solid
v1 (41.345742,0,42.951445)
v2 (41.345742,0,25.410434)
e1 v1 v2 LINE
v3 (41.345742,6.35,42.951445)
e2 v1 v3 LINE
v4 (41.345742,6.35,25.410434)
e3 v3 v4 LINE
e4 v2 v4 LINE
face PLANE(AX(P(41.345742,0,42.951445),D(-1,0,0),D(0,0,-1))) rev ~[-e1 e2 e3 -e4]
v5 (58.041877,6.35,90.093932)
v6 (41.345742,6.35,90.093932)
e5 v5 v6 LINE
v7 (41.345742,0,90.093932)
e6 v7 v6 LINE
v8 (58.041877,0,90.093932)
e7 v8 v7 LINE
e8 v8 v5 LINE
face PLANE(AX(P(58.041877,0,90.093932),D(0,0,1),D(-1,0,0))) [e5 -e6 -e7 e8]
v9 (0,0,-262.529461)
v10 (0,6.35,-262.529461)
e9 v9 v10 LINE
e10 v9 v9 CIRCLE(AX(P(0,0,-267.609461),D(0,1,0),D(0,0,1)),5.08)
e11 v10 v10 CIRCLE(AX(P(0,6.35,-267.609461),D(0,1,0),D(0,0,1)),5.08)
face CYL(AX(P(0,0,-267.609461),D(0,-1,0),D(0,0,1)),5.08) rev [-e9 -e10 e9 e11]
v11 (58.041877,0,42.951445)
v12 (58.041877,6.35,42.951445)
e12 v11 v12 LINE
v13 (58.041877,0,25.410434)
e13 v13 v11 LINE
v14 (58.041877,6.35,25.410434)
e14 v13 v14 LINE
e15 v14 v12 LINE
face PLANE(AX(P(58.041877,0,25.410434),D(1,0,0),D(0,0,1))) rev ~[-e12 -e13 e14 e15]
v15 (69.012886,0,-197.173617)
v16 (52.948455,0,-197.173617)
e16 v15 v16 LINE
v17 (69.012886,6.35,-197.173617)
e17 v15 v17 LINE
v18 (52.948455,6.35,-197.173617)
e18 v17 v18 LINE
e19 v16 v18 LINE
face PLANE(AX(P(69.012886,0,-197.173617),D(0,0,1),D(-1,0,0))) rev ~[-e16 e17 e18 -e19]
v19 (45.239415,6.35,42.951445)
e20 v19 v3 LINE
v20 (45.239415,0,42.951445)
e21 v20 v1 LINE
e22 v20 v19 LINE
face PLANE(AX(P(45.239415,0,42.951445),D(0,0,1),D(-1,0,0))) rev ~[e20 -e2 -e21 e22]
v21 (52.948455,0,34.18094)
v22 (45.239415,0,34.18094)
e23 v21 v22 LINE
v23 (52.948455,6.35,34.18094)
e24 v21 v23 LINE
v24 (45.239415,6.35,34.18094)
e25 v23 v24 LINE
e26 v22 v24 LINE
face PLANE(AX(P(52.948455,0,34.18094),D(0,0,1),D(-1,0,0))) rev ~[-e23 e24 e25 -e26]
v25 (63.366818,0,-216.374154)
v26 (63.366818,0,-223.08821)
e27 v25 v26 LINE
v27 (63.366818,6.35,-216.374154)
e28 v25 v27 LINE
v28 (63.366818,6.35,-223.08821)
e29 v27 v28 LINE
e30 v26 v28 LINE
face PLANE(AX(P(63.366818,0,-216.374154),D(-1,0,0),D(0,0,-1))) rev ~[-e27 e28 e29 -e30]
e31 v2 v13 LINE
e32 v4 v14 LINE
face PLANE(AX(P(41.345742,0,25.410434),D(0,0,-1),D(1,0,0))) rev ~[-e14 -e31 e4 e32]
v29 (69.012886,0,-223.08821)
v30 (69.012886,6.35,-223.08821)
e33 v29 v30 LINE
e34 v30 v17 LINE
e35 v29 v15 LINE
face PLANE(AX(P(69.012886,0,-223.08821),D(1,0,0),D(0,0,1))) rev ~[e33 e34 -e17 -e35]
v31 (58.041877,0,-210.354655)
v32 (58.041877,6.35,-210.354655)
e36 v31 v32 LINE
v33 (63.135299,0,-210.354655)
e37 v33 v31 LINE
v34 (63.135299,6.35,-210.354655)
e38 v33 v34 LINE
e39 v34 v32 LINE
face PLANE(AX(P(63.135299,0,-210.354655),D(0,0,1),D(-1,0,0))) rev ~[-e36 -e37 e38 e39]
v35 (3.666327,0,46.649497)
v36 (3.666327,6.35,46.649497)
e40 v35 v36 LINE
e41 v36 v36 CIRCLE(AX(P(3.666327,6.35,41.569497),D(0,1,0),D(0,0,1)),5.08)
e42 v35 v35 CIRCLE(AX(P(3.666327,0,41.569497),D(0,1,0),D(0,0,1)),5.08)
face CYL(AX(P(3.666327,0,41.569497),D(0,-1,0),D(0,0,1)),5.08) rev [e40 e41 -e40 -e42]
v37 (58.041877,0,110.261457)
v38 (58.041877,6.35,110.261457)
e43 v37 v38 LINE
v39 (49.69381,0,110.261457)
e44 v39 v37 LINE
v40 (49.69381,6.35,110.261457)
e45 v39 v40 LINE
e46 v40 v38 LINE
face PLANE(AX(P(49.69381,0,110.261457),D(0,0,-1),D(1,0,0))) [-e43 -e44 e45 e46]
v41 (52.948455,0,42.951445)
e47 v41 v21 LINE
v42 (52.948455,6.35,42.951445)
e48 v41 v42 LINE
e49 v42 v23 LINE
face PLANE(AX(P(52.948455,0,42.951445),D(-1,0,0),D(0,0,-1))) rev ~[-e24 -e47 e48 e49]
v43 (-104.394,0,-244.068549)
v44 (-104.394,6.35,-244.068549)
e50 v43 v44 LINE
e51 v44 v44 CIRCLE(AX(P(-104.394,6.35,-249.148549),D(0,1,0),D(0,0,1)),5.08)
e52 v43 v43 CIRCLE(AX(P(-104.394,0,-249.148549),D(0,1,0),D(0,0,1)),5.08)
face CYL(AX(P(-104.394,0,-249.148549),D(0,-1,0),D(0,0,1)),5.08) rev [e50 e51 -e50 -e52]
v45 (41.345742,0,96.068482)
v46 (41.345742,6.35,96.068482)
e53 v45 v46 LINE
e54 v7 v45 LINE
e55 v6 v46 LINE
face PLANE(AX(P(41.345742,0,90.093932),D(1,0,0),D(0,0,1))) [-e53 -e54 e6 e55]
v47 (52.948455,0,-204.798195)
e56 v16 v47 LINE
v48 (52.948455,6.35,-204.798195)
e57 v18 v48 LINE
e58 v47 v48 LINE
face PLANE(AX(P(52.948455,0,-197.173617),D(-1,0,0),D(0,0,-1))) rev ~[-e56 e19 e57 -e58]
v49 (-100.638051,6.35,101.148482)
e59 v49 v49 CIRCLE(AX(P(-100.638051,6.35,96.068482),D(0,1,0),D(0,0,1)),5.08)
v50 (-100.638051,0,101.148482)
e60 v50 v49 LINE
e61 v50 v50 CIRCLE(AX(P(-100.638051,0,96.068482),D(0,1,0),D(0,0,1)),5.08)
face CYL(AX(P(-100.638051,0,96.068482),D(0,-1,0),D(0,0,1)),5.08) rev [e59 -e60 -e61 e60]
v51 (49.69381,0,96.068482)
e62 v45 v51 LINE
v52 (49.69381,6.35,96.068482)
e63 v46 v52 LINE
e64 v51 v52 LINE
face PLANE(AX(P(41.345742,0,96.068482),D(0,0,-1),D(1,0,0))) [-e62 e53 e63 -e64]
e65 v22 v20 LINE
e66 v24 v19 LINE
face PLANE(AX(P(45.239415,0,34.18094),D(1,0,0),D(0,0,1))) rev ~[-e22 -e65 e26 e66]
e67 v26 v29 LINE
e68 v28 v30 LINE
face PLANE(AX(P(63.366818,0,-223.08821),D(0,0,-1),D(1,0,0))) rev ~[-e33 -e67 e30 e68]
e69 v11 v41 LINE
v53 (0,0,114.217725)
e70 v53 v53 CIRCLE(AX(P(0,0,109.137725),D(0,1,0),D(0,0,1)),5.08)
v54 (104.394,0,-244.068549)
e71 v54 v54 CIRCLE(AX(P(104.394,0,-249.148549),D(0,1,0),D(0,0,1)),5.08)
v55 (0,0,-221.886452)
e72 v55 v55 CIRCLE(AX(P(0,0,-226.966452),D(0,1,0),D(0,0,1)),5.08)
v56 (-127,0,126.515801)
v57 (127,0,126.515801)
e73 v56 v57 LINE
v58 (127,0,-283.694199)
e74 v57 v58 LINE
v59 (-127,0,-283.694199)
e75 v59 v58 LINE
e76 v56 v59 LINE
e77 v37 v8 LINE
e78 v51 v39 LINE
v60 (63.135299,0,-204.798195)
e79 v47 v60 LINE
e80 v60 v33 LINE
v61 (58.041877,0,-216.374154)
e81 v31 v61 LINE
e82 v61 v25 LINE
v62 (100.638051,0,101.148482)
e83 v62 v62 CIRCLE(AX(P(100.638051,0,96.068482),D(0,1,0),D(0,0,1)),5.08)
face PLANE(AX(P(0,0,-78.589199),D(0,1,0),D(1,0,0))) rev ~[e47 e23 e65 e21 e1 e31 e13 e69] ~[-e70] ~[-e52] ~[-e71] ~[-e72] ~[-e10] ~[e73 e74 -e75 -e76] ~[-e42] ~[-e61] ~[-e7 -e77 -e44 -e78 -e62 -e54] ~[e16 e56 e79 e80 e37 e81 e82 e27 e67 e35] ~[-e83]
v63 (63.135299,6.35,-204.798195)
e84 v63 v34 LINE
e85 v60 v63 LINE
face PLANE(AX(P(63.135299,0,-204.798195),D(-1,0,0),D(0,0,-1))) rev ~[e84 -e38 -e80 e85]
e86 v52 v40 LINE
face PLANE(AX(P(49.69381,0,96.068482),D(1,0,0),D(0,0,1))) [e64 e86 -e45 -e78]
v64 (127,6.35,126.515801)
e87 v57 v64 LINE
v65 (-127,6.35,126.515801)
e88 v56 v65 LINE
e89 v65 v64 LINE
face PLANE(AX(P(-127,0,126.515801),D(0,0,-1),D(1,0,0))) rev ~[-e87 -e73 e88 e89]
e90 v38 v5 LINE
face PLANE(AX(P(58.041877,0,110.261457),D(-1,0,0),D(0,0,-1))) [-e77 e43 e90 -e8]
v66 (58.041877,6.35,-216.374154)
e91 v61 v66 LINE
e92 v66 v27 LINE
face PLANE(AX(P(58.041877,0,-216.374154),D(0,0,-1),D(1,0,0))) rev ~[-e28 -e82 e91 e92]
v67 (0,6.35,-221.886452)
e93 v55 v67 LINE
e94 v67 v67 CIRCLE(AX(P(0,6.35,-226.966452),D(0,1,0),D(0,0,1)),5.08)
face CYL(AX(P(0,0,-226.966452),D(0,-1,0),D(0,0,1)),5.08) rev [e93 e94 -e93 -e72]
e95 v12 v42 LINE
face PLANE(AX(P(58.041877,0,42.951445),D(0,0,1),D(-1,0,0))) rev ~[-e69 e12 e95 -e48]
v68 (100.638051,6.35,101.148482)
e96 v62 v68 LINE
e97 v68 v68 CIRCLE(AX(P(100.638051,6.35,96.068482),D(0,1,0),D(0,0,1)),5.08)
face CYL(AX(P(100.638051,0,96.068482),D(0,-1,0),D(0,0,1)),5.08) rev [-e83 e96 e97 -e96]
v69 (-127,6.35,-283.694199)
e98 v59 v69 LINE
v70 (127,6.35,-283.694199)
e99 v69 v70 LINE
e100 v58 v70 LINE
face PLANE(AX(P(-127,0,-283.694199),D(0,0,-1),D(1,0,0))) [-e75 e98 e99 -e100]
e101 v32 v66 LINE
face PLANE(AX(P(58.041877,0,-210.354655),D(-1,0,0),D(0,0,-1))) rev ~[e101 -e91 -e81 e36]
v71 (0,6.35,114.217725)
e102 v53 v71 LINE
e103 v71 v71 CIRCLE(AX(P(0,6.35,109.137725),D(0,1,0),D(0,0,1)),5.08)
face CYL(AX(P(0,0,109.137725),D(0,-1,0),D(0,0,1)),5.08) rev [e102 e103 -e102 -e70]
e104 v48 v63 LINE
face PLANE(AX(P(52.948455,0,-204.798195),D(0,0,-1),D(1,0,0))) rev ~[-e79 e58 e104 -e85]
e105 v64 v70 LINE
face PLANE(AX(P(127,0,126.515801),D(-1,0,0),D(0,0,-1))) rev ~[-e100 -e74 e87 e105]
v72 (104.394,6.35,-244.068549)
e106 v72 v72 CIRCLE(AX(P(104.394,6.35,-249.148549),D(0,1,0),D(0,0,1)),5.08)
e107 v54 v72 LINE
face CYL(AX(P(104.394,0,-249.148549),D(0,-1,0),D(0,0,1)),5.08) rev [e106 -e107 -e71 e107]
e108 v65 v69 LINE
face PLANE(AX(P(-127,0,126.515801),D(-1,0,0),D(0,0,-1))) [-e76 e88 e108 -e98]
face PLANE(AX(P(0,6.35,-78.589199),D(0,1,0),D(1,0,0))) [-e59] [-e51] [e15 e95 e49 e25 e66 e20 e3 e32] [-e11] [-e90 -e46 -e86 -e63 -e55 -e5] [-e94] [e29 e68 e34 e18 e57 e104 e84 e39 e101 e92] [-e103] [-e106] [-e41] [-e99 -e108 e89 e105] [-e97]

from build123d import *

# Parameters (mm, degrees)
SKETCH1_W           = 254
SKETCH1_H           = 410.21
SKETCH1_R           = 5.08
BOSS_EXTRUDE1_DEPTH = 6.35


with BuildPart() as part:
    # Sketch1 → Boss-Extrude1 (new body)
    with BuildSketch(Plane(origin=(0, 0, 0), x_dir=(1, 0, 0), z_dir=(0, 1, 0))):
        with Locations((0, 78.589199082)):
            Rectangle(SKETCH1_W, SKETCH1_H)
        with Locations(Location((-100.6380512, -96.068481922, 0), (0, 0, 270))):
            Circle(SKETCH1_R, mode=Mode.SUBTRACT)
        with Locations(Location((100.6380512, -96.068481922, 0), (0, 0, 270))):
            Circle(SKETCH1_R, mode=Mode.SUBTRACT)
        with Locations(Location((0, 226.966451634, 0), (0, 0, 270))):
            Circle(SKETCH1_R, mode=Mode.SUBTRACT)
        with Locations(Location((0, 267.609461393, 0), (0, 0, 270))):
            Circle(SKETCH1_R, mode=Mode.SUBTRACT)
        with Locations(Location((-104.394, 249.148548959, 0), (0, 0, 270))):
            Circle(SKETCH1_R, mode=Mode.SUBTRACT)
        with Locations(Location((104.394, 249.148548959, 0), (0, 0, 270))):
            Circle(SKETCH1_R, mode=Mode.SUBTRACT)
        with Locations(Location((3.666326597, -41.569496857, 0), (0, 0, 270))):
            Circle(SKETCH1_R, mode=Mode.SUBTRACT)
        with Locations(Location((0, -109.13772467, 0), (0, 0, 270))):
            Circle(SKETCH1_R, mode=Mode.SUBTRACT)
        Polygon((69.012885603, 197.173617012), (52.948455079, 197.173617012), (52.948455079, 204.798194528), (63.135298998, 204.798194528), (63.135298998, 210.354654847), (58.041877039, 210.354654847), (58.041877039, 216.374153526), (63.366818178, 216.374153526), (63.366818178, 223.088209746), (69.012885603, 223.088209746), align=None, mode=Mode.SUBTRACT)
        Polygon((41.345742309, -42.951444708), (41.345742309, -25.410434465), (58.041877039, -25.410434465), (58.041877039, -42.951444708), (52.948455079, -42.951444708), (52.948455079, -34.180939586), (45.23941523, -34.180939586), (45.23941523, -42.951444708), align=None, mode=Mode.SUBTRACT)
        Polygon((58.041877039, -110.261456825), (58.041877039, -90.093932087), (41.345742309, -90.093932087), (41.345742309, -96.068481922), (49.693809674, -96.068481922), (49.693809674, -110.261456825), align=None, mode=Mode.SUBTRACT)
    extrude(amount=BOSS_EXTRUDE1_DEPTH)


solid = part.part
